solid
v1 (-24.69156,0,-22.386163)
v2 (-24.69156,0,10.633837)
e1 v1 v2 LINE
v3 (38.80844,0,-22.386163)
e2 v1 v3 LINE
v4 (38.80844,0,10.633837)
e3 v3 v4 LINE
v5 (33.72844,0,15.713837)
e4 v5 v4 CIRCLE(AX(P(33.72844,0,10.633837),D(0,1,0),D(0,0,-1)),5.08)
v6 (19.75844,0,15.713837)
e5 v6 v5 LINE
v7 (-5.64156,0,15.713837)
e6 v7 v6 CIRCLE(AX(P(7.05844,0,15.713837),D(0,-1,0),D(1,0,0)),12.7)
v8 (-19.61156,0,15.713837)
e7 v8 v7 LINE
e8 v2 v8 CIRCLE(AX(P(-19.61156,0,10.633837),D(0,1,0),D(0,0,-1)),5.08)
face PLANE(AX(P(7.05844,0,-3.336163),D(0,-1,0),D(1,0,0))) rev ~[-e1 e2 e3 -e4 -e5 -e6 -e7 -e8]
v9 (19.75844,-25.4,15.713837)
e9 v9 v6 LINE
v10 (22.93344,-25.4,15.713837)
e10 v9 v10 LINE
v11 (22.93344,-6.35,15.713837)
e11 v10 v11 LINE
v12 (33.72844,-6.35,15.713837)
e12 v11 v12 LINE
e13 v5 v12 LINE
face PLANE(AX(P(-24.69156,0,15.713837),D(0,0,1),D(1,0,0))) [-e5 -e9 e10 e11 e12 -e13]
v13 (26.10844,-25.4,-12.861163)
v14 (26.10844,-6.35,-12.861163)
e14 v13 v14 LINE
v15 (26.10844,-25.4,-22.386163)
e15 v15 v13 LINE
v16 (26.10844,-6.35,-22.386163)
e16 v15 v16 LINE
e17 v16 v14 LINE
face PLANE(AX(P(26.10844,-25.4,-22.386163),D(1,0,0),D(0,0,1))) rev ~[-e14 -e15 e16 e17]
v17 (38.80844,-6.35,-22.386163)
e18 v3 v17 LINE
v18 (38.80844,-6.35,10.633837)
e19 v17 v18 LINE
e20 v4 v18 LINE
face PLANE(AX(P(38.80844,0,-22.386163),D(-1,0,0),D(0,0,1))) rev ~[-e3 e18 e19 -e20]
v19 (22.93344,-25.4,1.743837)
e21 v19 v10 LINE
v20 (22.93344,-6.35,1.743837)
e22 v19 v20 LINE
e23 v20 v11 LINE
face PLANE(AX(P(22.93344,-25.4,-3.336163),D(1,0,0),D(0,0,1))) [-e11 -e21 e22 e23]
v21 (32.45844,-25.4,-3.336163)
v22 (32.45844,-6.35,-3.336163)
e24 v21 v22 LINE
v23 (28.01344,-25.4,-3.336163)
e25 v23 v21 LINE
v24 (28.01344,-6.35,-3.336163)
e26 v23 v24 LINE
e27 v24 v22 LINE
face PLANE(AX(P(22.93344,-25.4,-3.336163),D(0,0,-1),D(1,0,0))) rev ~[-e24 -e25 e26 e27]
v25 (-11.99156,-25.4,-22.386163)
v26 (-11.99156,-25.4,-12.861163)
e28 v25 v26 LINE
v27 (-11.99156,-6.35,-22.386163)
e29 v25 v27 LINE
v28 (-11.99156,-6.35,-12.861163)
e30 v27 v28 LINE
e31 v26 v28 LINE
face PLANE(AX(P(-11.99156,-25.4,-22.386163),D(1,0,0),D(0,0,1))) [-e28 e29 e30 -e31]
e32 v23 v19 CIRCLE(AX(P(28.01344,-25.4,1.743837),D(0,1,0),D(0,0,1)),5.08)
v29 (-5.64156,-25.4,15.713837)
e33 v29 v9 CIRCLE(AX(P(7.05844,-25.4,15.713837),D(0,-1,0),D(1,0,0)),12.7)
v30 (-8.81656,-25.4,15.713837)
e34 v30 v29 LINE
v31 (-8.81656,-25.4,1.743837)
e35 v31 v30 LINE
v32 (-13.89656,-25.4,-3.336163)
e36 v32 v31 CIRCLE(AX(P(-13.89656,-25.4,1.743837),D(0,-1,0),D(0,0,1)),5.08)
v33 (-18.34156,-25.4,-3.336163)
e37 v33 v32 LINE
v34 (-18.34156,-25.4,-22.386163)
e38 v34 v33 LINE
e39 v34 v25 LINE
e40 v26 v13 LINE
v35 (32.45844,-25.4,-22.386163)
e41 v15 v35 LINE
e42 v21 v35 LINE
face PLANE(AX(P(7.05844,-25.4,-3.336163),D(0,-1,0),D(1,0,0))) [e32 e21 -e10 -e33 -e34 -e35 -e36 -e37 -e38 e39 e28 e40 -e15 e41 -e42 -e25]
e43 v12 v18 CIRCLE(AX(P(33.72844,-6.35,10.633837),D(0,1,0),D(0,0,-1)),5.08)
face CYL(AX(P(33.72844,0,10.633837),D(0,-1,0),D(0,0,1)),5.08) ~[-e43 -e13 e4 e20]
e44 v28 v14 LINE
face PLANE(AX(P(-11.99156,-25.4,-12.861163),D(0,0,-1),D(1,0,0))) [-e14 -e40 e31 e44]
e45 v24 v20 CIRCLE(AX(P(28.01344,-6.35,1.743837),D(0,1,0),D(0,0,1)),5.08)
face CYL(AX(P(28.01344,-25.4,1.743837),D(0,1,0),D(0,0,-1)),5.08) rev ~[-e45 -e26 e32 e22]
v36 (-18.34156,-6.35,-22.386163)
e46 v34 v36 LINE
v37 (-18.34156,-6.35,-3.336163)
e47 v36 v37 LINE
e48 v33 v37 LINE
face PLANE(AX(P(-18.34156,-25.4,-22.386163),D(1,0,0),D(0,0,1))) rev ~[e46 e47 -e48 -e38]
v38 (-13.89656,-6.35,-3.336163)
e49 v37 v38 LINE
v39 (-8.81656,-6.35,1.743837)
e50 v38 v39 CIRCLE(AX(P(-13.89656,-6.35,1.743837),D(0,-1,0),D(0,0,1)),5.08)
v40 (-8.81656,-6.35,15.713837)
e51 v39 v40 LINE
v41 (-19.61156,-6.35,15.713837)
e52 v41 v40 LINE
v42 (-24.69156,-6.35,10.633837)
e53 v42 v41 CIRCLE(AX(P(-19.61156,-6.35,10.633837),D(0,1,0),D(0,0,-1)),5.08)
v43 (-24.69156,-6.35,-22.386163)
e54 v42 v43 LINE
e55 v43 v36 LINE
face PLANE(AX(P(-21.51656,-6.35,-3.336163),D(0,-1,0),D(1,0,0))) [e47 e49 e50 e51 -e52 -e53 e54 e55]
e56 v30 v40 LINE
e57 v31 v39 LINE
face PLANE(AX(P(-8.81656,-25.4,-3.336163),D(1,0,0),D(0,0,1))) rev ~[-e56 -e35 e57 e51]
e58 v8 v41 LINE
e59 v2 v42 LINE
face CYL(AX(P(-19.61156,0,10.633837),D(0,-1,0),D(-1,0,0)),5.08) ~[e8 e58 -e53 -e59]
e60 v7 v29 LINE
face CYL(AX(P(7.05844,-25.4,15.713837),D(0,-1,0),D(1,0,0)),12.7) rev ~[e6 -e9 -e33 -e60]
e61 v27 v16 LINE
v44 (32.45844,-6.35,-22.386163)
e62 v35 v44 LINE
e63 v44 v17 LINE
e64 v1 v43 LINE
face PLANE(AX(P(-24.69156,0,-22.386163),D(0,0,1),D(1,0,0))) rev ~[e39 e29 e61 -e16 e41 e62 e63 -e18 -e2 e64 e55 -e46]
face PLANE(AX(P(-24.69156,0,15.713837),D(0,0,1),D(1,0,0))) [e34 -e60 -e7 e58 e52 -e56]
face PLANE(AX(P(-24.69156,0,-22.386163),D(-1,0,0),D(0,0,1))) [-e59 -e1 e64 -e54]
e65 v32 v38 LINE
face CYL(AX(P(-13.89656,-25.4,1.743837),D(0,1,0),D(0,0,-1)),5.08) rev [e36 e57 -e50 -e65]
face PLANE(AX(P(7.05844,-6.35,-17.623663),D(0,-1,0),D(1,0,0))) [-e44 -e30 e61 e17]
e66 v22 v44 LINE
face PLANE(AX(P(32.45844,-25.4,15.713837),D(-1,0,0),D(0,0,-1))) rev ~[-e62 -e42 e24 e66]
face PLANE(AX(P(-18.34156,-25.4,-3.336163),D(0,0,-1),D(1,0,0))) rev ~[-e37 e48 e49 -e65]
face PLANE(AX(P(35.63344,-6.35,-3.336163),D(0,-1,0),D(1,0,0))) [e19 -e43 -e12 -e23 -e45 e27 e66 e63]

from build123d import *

# Parameters (mm, degrees)
F0_W     = 63.5
F0_H     = 38.1
F1_DEPTH = 25.4
F2_R     = 12.7
F3_DEPTH = 25.4
F5_DEPTH = 19.05
F6_DEPTH = 19.05
F4_W     = 38.1
F4_H     = 9.525
F7_DEPTH = 19.05
F4_W_2   = 9.525
F4_H_2   = 19.05
F8_DEPTH = 19.05
F9_DEPTH = 19.05
F10_R    = 5.08


with BuildPart() as f1:
    # F0 (on Front) → F1 (new body)
    with BuildSketch(Plane.XZ):
        with Locations((7.05844, -3.336163)):
            Rectangle(F0_W, F0_H)
    extrude(amount=F1_DEPTH)

    # F2 (on face) → F3 (cut)
    with BuildSketch(Plane.XZ.offset(25.4)):
        with Locations((7.05844, 15.713837)):
            Circle(F2_R)
    extrude(amount=-F3_DEPTH, mode=Mode.SUBTRACT)

    # F4 (on face) → F5 (cut)
    with BuildSketch(Plane.XZ.offset(25.4)):
        Polygon((32.45844, -3.336163), (32.45844, -22.386163), (38.80844, -22.386163), (38.80844, 15.713837), (32.45844, 15.713837), align=None)
    extrude(amount=-F5_DEPTH, mode=Mode.SUBTRACT)

    # F4 (on face) → F6 (cut)
    with BuildSketch(Plane.XZ.offset(25.4)):
        Polygon((-18.34156, -3.336163), (-18.34156, 15.713837), (-24.69156, 15.713837), (-24.69156, -22.386163), (-18.34156, -22.386163), align=None)
    extrude(amount=-F6_DEPTH, mode=Mode.SUBTRACT)

    # F4 (on face) → F7 (cut)
    with BuildSketch(Plane.XZ.offset(25.4)):
        with Locations((7.05844, -17.623663)):
            Rectangle(F4_W, F4_H)
    extrude(amount=-F7_DEPTH, mode=Mode.SUBTRACT)

    # F4 (on face) → F8 (cut)
    with BuildSketch(Plane.XZ.offset(25.4)):
        with Locations((-13.57906, 6.188837)):
            Rectangle(F4_W_2, F4_H_2)
    extrude(amount=-F8_DEPTH, mode=Mode.SUBTRACT)

    # F4 (on face) → F9 (cut)
    with BuildSketch(Plane.XZ.offset(25.4)):
        with Locations((27.69594, 6.188837)):
            Rectangle(F4_W_2, F4_H_2)
    extrude(amount=-F9_DEPTH, mode=Mode.SUBTRACT)

    # F10
    f10_edges = [f1.edges().sort_by_distance(p)[0] for p in [
        (-24.69156, -3.175, 15.713837),
        (38.80844, -3.175, 15.713837),
        (22.93344, -15.875, -3.336163),
        (-8.81656, -15.875, -3.336163),
    ]]
    fillet(f10_edges, radius=F10_R)


solid = f1.part
